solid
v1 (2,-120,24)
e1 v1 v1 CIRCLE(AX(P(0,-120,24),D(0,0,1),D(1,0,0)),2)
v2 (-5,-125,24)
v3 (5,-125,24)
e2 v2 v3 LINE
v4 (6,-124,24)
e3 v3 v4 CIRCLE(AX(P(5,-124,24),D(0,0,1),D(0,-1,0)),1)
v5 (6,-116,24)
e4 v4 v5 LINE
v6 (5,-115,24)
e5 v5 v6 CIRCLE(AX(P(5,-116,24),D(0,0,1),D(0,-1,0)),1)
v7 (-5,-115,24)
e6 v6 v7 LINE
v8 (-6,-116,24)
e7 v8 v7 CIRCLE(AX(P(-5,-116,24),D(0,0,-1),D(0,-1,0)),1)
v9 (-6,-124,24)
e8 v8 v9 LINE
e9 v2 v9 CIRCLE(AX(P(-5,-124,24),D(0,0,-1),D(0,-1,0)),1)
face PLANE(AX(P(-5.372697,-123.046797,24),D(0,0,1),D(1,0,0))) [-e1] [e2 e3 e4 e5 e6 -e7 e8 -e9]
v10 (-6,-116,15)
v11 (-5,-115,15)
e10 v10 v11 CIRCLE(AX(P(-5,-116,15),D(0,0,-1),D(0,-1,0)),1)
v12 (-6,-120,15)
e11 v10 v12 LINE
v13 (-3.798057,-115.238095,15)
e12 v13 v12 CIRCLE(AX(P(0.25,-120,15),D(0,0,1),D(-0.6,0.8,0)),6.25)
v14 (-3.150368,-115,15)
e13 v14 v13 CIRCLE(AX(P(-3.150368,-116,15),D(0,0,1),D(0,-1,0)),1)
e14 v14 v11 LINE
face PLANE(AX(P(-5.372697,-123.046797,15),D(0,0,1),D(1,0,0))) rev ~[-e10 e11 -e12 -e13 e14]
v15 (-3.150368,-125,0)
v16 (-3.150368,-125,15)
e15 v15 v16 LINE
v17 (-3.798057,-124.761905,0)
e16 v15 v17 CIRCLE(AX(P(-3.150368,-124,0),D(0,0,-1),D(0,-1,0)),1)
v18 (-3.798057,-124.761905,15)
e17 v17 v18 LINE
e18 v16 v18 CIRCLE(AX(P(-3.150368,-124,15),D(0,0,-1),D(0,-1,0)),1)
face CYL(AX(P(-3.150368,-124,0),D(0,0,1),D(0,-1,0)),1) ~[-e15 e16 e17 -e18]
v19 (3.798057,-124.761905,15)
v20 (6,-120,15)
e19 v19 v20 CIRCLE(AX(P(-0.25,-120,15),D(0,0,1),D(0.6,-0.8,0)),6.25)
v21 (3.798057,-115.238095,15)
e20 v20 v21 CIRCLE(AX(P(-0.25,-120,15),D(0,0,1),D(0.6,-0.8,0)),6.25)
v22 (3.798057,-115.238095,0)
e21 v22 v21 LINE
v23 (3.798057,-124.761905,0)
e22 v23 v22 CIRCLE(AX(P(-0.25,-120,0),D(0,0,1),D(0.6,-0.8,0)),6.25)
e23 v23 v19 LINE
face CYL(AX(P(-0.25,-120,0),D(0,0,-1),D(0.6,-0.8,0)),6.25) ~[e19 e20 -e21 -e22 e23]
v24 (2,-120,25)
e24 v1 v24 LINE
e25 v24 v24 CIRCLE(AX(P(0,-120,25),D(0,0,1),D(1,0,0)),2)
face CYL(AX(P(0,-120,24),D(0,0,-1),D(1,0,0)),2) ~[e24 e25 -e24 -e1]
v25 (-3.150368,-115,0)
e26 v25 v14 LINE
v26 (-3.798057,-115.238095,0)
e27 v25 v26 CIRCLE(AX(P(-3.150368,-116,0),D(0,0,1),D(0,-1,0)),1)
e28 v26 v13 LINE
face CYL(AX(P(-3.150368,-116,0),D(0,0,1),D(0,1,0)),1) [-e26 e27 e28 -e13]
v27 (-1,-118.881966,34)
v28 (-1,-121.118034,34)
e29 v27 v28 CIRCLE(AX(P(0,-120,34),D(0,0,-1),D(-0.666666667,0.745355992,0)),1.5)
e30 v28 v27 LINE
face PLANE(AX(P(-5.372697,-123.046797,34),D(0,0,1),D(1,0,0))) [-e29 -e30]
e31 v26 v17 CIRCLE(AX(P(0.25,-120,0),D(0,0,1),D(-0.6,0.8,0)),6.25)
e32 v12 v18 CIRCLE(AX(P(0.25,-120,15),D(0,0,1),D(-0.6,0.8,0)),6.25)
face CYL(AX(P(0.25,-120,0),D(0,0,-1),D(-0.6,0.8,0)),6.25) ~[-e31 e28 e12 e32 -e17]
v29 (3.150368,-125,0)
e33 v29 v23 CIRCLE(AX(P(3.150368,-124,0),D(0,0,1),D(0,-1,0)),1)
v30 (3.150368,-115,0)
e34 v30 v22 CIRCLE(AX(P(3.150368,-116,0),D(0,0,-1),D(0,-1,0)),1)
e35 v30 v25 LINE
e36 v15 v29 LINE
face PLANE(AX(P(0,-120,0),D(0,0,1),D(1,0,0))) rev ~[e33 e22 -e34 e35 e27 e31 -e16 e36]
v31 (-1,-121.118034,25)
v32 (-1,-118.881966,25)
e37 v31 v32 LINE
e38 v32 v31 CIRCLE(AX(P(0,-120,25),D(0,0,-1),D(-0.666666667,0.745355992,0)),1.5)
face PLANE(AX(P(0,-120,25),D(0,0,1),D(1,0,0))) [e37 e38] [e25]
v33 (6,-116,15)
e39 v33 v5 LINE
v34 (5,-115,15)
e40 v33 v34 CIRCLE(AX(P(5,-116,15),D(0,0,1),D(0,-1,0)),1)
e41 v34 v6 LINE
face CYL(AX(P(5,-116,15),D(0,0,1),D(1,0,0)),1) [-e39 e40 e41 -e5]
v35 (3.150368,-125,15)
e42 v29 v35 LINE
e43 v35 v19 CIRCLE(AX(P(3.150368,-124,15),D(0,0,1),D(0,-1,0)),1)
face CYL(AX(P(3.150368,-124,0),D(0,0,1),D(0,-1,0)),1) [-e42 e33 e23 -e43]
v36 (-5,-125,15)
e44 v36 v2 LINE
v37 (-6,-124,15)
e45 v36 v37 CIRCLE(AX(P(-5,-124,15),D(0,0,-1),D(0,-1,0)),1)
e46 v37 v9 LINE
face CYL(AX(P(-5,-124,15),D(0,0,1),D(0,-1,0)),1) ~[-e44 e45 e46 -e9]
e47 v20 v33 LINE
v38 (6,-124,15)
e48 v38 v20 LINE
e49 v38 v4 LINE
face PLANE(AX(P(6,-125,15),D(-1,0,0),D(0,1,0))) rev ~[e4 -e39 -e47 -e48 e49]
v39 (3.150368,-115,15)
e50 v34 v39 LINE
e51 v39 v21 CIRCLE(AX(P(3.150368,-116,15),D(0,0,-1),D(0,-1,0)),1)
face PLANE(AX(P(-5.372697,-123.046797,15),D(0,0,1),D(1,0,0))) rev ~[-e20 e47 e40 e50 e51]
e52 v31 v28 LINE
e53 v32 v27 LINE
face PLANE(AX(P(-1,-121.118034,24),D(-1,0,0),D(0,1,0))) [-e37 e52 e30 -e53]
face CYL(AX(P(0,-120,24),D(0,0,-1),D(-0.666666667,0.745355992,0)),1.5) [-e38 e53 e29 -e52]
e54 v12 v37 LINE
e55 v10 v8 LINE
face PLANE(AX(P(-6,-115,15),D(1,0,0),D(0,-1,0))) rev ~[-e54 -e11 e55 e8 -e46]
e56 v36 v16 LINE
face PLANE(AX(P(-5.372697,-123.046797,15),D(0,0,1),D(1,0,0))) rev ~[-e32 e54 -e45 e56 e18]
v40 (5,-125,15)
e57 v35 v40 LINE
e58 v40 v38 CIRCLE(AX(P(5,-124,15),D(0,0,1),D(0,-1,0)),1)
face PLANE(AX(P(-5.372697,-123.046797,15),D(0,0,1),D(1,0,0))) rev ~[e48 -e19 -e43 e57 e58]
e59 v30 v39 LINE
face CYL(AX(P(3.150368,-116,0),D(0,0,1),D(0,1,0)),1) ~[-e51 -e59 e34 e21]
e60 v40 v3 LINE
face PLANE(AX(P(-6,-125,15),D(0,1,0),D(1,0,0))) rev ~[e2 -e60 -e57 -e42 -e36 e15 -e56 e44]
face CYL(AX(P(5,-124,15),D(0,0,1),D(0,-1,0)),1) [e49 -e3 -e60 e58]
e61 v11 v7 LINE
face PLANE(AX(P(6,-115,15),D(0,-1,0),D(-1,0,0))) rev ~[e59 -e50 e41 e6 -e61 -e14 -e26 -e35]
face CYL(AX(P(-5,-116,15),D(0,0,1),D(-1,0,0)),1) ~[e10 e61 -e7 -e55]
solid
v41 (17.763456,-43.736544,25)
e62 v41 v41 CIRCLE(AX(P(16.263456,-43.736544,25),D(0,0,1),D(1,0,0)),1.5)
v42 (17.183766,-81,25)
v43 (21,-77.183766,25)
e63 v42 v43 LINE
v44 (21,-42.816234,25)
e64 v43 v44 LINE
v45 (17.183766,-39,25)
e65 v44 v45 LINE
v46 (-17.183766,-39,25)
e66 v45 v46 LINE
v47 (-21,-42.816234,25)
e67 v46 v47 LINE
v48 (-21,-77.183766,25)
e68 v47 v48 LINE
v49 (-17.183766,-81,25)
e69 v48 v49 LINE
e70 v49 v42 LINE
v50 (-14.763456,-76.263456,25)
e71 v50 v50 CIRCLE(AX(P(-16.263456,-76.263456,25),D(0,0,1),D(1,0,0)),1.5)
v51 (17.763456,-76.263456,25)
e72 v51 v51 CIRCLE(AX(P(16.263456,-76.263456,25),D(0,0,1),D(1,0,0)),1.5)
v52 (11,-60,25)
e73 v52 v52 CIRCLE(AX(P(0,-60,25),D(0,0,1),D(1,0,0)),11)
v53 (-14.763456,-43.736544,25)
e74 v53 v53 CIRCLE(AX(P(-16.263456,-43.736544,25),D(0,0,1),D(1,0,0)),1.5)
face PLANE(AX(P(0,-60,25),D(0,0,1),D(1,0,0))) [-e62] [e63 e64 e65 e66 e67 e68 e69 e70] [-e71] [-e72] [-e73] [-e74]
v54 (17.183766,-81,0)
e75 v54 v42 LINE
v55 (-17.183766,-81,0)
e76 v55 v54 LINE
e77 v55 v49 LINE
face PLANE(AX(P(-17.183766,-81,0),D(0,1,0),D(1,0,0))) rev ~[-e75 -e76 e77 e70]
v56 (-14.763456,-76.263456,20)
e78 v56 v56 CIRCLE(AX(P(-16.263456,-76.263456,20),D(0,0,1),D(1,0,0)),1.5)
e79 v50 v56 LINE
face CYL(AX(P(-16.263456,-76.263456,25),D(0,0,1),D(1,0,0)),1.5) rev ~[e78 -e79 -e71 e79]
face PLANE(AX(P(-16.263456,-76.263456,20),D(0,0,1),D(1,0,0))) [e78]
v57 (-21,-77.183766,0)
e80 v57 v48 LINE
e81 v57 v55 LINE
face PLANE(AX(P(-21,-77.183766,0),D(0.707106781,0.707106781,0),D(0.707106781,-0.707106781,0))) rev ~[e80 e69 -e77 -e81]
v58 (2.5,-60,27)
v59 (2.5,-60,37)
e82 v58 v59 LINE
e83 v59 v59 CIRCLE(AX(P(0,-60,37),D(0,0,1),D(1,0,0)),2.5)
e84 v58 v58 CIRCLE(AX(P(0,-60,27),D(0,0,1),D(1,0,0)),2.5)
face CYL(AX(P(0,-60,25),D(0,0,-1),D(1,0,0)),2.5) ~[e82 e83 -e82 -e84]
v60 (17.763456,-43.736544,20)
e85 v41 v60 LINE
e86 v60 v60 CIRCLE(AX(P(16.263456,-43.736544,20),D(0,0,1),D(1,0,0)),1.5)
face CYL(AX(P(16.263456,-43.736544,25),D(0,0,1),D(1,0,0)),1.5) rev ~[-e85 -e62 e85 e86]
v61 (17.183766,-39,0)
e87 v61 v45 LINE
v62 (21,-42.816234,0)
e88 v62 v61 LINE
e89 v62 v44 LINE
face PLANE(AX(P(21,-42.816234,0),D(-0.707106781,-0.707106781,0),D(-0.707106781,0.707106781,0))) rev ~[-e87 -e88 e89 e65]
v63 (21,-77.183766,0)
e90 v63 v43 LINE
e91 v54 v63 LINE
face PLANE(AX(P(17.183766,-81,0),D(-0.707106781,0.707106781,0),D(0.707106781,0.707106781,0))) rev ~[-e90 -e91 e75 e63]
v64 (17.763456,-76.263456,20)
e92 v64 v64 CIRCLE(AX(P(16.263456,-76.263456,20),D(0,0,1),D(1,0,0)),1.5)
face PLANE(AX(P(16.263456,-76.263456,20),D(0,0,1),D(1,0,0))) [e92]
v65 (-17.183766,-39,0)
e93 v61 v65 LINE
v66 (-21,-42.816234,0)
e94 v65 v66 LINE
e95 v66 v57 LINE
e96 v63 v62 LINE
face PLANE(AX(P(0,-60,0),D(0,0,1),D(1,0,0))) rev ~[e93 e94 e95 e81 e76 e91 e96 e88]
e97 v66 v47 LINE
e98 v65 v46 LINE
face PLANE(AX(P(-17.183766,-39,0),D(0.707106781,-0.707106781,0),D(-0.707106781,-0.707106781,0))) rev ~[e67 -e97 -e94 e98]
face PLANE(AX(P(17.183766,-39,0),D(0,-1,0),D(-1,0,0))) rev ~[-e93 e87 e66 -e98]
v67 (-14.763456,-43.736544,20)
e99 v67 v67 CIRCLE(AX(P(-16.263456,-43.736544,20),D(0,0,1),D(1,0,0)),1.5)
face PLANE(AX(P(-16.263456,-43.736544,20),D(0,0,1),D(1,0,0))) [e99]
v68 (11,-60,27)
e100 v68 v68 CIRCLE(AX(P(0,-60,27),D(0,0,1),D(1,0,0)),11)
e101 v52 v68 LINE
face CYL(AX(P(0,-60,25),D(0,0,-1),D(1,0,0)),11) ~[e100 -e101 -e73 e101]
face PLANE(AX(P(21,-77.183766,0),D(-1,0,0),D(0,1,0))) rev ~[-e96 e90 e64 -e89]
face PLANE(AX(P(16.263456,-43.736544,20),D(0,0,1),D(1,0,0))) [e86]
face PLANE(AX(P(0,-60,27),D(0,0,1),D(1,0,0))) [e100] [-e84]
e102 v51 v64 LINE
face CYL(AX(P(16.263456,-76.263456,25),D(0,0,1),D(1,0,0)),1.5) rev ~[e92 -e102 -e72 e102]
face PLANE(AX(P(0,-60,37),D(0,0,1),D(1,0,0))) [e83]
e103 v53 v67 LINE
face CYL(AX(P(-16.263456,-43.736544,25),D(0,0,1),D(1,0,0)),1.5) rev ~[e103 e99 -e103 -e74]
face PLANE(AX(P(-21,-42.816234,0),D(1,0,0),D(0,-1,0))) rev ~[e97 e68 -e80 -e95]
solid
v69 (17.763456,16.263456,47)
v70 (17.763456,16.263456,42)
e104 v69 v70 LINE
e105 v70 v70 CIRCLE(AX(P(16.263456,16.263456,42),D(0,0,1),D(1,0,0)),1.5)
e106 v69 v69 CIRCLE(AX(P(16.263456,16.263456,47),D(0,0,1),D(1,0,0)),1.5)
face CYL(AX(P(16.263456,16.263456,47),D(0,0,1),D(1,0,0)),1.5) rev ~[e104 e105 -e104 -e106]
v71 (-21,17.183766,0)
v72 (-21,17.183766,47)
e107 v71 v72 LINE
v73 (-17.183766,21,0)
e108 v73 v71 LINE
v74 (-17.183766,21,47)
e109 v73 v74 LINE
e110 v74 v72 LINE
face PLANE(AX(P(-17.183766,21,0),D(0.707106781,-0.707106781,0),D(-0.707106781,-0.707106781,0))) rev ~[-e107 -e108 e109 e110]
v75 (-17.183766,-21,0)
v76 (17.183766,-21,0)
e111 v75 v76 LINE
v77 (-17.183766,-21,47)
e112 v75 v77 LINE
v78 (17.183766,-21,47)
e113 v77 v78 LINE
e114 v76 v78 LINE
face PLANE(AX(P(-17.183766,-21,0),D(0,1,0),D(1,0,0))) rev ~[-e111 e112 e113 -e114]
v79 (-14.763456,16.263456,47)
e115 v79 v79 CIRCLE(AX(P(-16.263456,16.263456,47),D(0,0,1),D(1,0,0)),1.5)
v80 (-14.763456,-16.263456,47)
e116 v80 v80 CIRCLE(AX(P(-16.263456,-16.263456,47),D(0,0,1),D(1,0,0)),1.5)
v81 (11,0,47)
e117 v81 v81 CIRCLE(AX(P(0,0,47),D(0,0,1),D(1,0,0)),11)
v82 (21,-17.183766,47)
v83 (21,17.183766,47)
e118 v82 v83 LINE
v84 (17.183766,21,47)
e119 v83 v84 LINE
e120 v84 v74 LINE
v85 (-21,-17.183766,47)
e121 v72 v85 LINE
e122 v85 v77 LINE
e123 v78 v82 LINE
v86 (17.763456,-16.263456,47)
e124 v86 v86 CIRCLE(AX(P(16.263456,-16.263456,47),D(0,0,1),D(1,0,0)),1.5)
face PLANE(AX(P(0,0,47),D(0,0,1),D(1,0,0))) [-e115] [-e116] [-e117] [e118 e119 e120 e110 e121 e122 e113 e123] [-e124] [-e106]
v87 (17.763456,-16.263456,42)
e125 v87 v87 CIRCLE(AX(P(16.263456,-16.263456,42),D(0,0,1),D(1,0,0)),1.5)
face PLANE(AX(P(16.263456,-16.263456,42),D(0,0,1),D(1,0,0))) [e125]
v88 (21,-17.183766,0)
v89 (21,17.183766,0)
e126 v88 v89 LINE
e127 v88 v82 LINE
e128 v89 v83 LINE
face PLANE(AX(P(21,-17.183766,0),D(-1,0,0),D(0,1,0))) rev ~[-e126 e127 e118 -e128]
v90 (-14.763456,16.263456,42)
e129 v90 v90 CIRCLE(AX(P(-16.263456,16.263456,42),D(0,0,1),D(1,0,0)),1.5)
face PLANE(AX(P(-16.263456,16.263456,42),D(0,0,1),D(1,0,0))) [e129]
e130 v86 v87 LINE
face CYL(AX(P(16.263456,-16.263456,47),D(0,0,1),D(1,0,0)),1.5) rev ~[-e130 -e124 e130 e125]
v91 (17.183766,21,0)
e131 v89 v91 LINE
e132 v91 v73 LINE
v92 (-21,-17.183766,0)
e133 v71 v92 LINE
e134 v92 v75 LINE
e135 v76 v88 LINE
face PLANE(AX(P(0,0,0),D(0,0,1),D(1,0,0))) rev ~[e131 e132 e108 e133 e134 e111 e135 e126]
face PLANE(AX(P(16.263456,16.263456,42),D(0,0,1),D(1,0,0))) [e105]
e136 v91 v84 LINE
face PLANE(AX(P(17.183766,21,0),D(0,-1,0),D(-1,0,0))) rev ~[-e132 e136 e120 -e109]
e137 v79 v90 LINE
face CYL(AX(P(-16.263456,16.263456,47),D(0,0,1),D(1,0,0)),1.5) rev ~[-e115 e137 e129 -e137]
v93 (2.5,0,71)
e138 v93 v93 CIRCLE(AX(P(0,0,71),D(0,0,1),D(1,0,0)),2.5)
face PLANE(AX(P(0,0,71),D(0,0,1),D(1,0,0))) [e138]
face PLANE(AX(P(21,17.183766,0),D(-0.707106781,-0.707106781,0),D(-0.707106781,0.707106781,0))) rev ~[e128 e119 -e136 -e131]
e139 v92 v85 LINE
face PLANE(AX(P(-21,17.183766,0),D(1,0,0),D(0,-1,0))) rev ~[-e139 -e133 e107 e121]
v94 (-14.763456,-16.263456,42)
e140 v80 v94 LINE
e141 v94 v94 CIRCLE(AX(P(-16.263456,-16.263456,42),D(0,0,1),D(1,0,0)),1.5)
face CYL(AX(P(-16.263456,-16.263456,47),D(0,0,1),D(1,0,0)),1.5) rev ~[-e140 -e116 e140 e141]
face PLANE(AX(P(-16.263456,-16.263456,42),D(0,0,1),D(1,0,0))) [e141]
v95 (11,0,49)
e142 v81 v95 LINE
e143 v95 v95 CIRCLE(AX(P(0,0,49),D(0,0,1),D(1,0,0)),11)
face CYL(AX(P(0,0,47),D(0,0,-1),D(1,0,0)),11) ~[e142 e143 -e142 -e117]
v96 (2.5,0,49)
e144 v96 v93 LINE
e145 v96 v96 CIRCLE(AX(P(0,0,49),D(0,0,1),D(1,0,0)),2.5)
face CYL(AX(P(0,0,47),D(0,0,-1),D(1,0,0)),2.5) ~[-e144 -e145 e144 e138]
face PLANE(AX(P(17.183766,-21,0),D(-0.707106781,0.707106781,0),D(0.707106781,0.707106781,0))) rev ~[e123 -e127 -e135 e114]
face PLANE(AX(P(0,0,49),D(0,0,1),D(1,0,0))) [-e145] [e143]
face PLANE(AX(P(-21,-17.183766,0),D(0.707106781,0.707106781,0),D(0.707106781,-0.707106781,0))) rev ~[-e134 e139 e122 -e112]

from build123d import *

# Parameters (mm, degrees)
F3_DEPTH  = 47
F4_R      = 11
F4_R_2    = 2.5
F5_DEPTH  = 2
F6_DEPTH  = 24
F4_R_3    = 1.5
F7_DEPTH  = 5
F8_DEPTH  = 25
F9_R      = 1.5
F10_DEPTH = 5
F9_R_2    = 11
F9_R_3    = 2.5
F11_DEPTH = 2
F12_DEPTH = 12
F14_DEPTH = 15
F16_DEPTH = 9
F17_R     = 2
F18_DEPTH = 1
F19_DEPTH = 10
F20_R     = 1
F21_R     = 1


with BuildPart() as f3:
    # F2 (on Top) → F3 (new body)
    with BuildSketch(Plane.XY):
        Polygon((-17.1837661841, 21), (-21, 17.1837661841), (-21, -17.1837661841), (-17.1837661841, -21), (17.1837661841, -21), (21, -17.1837661841), (21, 17.1837661841), (17.1837661841, 21), align=None)
    extrude(amount=F3_DEPTH)

    # F4 (on face) → F5 (join)
    with BuildSketch(Plane.XY.offset(47)):
        Circle(F4_R)
        Circle(F4_R_2, mode=Mode.SUBTRACT)
    extrude(amount=F5_DEPTH)

    # F6 (add): a face of the model
    f6_faces = [f3.faces().sort_by_distance(p)[0] for p in [
        (0, 0, 47),
    ]]
    extrude(f6_faces, amount=F6_DEPTH)

    # F4 (on face) → F7 (cut)
    with BuildSketch(Plane.XY.offset(47)):
        with Locations((16.2634559673, -16.2634559673)):
            Circle(F4_R_3)
        with Locations((16.2634559673, 16.2634559673)):
            Circle(F4_R_3)
        with Locations((-16.2634559673, 16.2634559673)):
            Circle(F4_R_3)
        with Locations((-16.2634559673, -16.2634559673)):
            Circle(F4_R_3)
    extrude(amount=-F7_DEPTH, mode=Mode.SUBTRACT)


with BuildPart() as f8:
    # F2 (on Top) → F8 (new body)
    with BuildSketch(Plane.XY):
        Polygon((-17.1837661841, -39), (-21, -42.8162338159), (-21, -77.1837661841), (-17.1837661841, -81), (17.1837661841, -81), (21, -77.1837661841), (21, -42.8162338159), (17.1837661841, -39), align=None)
    extrude(amount=F8_DEPTH)

    # F9 (on face) → F10 (cut)
    with BuildSketch(Plane.XY.offset(25)):
        with Locations((-16.2634559673, -76.2634559673)):
            Circle(F9_R)
        with Locations((16.2634559673, -76.2634559673)):
            Circle(F9_R)
        with Locations((16.2634559673, -43.7365440327)):
            Circle(F9_R)
        with Locations((-16.2634559673, -43.7365440327)):
            Circle(F9_R)
    extrude(amount=-F10_DEPTH, mode=Mode.SUBTRACT)

    # F9 (on face) → F11 (join)
    with BuildSketch(Plane.XY.offset(25)):
        with Locations((0, -60)):
            Circle(F9_R_2)
        with Locations((0, -60)):
            Circle(F9_R_3, mode=Mode.SUBTRACT)
    extrude(amount=F11_DEPTH)

    # F9 (on face) → F12 (join)
    with BuildSketch(Plane.XY.offset(25)):
        with Locations((0, -60)):
            Circle(F9_R_3)
    extrude(amount=F12_DEPTH)


with BuildPart() as f14:
    # F13 (on Top) → F14 (new body)
    with BuildSketch(Plane.XY):
        with BuildLine():
            Line((3.5, -115), (-3.5, -115))
            ThreePointArc((-3.5, -115), (-6, -120), (-3.5, -125))
            Line((-3.5, -125), (3.5, -125))
            ThreePointArc((3.5, -125), (6, -120), (3.5, -115))
        make_face()
    extrude(amount=F14_DEPTH)

    # F15 (on face) → F16 (join)
    with BuildSketch(Plane.XY.offset(15)):
        with BuildLine():
            Line((-6, -125), (-3.5, -125))
            ThreePointArc((-3.5, -125), (-5.3401699437, -122.7950849719), (-6, -120))
            Line((-6, -120), (-6, -125))
        make_face()
        with BuildLine():
            Line((-6, -115), (-6, -120))
            ThreePointArc((-6, -120), (-5.3401699437, -117.2049150281), (-3.5, -115))
            Line((-3.5, -115), (-6, -115))
        make_face()
        with BuildLine():
            Line((-3.5, -125), (3.5, -125))
            ThreePointArc((3.5, -125), (5.3401699437, -122.7950849719), (6, -120))
            ThreePointArc((6, -120), (5.3401699437, -117.2049150281), (3.5, -115))
            Line((3.5, -115), (-3.5, -115))
            ThreePointArc((-3.5, -115), (-5.3401699437, -117.2049150281), (-6, -120))
            ThreePointArc((-6, -120), (-5.3401699437, -122.7950849719), (-3.5, -125))
        make_face()
        with BuildLine():
            ThreePointArc((3.5, -115), (5.3401699437, -117.2049150281), (6, -120))
            Line((6, -120), (6, -115))
            Line((6, -115), (3.5, -115))
        make_face()
        with BuildLine():
            Line((3.5, -125), (6, -125))
            Line((6, -125), (6, -120))
            ThreePointArc((6, -120), (5.3401699437, -122.7950849719), (3.5, -125))
        make_face()
    extrude(amount=F16_DEPTH)

    # F17 (on face) → F18 (join)
    with BuildSketch(Plane.XY.offset(24)):
        with Locations((0, -120)):
            Circle(F17_R)
        with BuildLine():
            Line((-1, -121.1180339887), (-1, -118.8819660113))
            ThreePointArc((-1, -118.8819660113), (1.5, -120), (-1, -121.1180339887))
        make_face(mode=Mode.SUBTRACT)
    extrude(amount=F18_DEPTH)

    # F19 (add): a face of the model
    f19_faces = [f14.faces().sort_by_distance(p)[0] for p in [
        (0.1480240656, -120, 24),
    ]]
    extrude(f19_faces, amount=F19_DEPTH)

    # F20
    f20_edges = [f14.edges().sort_by_distance(p)[0] for p in [
        (6, -125, 19.5),
        (6, -115, 19.5),
        (-6, -115, 19.5),
        (-6, -125, 19.5),
    ]]
    fillet(f20_edges, radius=F20_R)

    # F21
    f21_edges = [f14.edges().sort_by_distance(p)[0] for p in [
        (3.5, -125, 7.5),
        (-3.5, -125, 7.5),
        (3.5, -115, 7.5),
        (-3.5, -115, 7.5),
    ]]
    fillet(f21_edges, radius=F21_R)


solid = Compound([f3.part, f8.part, f14.part])
